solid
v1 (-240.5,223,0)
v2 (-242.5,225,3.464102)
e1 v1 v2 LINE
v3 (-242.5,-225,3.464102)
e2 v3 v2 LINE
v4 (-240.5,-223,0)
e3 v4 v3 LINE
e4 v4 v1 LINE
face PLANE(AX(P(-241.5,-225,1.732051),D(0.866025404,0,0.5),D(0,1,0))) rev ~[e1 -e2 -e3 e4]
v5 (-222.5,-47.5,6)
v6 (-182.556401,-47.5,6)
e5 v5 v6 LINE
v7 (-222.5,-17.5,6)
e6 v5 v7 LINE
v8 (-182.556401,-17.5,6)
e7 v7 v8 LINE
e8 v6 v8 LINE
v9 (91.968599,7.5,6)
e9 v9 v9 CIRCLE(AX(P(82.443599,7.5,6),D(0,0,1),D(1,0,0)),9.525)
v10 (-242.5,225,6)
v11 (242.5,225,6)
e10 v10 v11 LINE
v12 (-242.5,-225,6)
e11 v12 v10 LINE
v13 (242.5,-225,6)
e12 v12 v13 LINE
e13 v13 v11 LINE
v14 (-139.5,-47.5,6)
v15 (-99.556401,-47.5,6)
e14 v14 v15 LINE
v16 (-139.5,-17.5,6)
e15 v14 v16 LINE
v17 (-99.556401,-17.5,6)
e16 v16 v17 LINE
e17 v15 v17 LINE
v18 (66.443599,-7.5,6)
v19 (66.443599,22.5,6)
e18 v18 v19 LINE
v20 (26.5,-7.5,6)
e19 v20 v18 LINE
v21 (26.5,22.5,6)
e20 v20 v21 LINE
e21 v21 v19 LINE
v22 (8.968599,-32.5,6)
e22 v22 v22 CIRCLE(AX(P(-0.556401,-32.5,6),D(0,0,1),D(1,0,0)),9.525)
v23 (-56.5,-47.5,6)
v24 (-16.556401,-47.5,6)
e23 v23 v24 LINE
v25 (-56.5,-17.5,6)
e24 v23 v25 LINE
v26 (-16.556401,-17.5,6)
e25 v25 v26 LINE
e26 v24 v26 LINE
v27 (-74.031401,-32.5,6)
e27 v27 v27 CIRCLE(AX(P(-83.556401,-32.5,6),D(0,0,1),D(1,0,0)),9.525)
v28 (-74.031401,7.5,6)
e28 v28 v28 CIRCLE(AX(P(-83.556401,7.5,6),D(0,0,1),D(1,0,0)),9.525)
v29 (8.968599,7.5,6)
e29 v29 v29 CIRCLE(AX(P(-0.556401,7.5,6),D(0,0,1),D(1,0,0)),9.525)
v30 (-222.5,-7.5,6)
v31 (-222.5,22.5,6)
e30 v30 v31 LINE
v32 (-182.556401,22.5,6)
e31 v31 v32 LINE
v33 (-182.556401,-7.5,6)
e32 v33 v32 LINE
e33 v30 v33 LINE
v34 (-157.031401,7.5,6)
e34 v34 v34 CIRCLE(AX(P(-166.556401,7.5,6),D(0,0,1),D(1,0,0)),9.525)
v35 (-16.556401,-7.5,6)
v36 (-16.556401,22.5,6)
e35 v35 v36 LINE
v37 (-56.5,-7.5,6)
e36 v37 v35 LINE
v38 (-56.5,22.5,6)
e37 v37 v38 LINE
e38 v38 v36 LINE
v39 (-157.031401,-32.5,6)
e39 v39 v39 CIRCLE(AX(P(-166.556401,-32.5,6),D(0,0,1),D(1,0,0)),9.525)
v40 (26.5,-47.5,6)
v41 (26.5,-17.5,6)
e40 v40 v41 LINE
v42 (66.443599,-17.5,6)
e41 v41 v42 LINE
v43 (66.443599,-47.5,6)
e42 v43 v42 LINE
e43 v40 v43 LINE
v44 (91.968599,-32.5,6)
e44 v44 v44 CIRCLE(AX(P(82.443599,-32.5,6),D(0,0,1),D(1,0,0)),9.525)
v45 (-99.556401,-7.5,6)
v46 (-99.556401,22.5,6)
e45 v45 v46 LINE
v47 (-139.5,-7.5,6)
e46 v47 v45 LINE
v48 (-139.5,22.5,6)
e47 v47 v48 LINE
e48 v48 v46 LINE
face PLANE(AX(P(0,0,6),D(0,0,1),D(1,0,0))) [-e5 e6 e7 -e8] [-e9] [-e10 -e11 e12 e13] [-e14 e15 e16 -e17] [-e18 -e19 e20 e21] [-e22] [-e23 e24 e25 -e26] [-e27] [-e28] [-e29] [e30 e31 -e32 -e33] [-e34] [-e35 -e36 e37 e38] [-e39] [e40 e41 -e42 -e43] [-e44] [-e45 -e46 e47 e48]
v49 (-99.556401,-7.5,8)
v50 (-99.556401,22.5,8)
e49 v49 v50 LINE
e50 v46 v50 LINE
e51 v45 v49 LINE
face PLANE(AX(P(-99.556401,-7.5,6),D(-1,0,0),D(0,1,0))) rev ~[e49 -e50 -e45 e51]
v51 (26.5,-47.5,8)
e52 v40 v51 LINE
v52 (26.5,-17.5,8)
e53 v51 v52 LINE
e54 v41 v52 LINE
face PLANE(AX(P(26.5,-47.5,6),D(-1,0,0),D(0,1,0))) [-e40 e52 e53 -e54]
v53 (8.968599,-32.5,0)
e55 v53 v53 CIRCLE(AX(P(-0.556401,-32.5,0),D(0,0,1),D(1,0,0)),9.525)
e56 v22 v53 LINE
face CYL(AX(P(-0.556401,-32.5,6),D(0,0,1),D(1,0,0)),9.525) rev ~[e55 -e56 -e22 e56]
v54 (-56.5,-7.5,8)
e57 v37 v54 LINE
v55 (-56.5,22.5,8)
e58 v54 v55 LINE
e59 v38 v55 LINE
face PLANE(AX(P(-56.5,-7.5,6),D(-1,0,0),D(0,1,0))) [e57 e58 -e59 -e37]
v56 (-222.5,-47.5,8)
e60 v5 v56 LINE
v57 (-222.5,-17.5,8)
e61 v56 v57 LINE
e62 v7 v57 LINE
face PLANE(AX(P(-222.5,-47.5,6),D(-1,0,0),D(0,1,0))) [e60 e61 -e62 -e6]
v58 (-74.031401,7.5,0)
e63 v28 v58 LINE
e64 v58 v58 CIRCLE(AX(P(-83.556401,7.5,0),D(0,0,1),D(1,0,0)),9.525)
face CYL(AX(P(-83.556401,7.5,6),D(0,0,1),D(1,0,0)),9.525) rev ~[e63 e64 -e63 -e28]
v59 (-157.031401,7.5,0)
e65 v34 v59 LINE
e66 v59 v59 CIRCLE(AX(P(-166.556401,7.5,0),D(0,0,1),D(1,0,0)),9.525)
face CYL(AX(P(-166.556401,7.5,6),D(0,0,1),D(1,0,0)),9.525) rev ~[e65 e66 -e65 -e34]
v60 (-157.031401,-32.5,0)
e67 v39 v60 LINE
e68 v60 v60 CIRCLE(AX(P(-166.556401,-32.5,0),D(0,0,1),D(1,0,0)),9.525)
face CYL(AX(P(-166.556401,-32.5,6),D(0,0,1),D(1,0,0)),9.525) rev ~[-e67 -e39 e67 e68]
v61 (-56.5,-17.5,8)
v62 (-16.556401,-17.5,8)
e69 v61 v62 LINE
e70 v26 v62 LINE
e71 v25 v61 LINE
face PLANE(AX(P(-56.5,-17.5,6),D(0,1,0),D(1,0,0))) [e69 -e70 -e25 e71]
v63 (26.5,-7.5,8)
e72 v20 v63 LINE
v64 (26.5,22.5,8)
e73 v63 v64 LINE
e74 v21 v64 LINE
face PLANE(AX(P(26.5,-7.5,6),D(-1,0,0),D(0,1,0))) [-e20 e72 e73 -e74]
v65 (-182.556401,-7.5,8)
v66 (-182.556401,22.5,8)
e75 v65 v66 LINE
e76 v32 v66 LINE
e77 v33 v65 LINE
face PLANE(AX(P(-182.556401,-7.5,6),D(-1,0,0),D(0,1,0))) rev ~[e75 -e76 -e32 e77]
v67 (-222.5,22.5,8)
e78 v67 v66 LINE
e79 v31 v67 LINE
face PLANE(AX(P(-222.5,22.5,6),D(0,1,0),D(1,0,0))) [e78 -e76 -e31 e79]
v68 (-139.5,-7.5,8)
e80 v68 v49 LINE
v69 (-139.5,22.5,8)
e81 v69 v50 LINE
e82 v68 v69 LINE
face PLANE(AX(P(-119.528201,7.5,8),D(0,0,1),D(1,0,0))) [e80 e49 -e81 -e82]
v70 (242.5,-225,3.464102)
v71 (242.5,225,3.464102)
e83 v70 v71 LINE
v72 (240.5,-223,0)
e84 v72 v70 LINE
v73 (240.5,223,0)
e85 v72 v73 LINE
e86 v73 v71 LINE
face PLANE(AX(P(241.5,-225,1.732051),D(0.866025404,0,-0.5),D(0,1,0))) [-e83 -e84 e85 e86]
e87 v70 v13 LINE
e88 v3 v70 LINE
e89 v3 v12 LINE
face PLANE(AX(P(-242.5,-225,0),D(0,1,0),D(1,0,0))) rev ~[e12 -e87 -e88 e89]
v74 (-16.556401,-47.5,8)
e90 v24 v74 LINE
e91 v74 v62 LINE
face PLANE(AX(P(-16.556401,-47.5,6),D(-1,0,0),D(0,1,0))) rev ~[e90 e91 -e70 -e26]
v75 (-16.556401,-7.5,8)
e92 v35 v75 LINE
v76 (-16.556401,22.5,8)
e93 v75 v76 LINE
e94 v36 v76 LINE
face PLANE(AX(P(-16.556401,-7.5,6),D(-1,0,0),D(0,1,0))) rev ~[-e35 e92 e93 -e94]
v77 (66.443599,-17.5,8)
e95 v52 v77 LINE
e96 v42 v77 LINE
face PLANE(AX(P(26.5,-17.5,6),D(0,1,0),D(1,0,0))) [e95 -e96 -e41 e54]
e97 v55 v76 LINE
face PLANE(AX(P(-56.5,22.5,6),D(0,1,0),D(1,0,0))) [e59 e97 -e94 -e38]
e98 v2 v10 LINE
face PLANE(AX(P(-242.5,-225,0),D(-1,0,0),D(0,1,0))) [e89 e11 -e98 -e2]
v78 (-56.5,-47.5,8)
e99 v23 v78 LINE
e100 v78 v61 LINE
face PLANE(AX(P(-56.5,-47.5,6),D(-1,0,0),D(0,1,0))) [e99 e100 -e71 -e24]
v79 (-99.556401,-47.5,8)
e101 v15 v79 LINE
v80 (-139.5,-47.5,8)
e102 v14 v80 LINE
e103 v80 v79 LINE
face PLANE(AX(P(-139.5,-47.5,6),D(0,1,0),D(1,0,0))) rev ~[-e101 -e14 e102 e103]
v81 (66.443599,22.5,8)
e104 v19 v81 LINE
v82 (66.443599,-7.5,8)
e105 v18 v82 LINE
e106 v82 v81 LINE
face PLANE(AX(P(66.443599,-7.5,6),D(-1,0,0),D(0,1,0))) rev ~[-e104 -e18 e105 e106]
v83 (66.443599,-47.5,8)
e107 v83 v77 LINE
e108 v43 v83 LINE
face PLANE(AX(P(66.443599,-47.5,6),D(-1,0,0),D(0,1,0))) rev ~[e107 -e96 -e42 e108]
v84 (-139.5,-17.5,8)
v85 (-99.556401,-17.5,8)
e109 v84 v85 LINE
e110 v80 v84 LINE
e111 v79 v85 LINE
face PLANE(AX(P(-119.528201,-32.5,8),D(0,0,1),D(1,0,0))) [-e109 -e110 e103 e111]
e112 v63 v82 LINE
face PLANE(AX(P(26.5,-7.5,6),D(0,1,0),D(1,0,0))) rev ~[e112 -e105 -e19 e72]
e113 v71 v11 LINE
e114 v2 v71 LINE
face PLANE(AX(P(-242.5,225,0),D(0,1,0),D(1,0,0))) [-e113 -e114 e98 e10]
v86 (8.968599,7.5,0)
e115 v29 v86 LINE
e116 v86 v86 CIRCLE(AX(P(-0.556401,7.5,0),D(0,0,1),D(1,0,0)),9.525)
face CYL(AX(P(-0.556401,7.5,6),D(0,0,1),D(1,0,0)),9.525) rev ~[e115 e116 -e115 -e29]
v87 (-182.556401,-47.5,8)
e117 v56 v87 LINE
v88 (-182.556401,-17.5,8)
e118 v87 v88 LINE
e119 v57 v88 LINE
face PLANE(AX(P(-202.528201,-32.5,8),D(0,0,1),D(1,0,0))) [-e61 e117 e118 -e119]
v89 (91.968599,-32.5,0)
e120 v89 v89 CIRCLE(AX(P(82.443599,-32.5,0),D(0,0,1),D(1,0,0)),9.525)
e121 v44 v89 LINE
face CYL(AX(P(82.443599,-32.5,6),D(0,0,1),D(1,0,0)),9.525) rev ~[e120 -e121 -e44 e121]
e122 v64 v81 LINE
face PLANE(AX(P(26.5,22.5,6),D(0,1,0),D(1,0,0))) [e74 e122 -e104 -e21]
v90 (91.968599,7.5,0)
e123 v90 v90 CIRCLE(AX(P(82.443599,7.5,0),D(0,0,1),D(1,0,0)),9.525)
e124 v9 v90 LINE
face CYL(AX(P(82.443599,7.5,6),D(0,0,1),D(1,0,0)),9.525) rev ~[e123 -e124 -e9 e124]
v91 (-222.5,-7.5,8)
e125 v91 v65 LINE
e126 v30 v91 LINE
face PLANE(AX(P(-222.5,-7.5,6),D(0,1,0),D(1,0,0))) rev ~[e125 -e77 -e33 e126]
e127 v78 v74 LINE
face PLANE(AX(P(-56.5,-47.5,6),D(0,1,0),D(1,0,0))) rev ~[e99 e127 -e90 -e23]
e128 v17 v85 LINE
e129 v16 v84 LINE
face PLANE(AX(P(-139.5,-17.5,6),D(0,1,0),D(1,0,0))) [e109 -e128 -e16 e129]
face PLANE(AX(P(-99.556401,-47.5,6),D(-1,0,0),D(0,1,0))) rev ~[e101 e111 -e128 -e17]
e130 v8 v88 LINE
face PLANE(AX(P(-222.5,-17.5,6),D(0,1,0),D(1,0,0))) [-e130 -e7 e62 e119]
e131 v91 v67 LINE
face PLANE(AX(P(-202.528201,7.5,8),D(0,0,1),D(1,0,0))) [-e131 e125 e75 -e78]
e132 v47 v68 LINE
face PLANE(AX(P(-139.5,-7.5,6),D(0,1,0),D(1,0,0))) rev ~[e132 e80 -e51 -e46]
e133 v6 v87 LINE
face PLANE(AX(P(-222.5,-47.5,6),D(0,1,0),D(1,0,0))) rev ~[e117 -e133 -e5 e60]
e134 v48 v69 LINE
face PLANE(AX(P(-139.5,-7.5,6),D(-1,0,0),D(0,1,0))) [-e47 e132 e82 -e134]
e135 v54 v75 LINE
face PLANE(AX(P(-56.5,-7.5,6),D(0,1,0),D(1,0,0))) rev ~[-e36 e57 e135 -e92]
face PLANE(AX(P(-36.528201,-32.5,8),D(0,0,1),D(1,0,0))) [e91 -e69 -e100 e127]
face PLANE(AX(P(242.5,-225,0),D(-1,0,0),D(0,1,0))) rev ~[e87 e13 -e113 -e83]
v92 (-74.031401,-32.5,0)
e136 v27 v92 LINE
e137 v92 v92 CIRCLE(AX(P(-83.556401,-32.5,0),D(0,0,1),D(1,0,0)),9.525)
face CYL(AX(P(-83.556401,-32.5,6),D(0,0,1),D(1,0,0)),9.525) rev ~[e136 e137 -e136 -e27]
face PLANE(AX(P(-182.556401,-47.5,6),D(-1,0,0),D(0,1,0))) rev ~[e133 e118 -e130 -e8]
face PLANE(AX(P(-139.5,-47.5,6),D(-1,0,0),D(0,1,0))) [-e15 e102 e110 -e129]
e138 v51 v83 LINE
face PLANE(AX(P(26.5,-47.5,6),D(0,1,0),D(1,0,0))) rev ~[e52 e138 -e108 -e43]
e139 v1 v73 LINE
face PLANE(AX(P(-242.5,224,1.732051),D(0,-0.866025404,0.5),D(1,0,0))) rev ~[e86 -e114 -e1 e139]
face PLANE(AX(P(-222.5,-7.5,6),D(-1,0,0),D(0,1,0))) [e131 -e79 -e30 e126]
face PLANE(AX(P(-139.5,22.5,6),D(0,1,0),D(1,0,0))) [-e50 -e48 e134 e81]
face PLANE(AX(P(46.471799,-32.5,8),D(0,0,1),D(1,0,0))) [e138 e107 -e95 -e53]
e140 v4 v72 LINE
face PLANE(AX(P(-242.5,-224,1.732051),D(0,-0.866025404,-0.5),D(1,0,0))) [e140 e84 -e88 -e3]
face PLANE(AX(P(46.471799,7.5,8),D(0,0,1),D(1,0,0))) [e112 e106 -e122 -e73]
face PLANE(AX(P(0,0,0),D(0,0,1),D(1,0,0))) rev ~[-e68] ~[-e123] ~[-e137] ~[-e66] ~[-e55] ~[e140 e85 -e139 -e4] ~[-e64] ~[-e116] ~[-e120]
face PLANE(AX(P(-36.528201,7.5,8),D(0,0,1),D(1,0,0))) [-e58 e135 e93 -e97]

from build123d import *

# Parameters (mm, degrees)
ESBO_O1_W                 = 485
ESBO_O1_H                 = 450
RESSALTO_EXTRUS_O1_DEPTH  = 6
ESBO_O2_W                 = 39.943598922
ESBO_O2_H                 = 30
RESSALTO_EXTRUS_O2_DEPTH  = 2
PADR_O_LINEAR1_COUNT      = 4
PADR_O_LINEAR1_PITCH      = 83
PADR_O_LINEAR1_COUNT_DIR2 = 2
PADR_O_LINEAR1_PITCH_DIR2 = 40
ESBO_O3_R                 = 9.525
CORTE_EXTRUS_O1_DEPTH     = 331.858353378
PADR_O_LINEAR2_COUNT      = 4
PADR_O_LINEAR2_PITCH      = 83
PADR_O_LINEAR2_COUNT_DIR2 = 2
PADR_O_LINEAR2_PITCH_DIR2 = 40
CHANFRO1_SIZE             = 2
CHANFRO1_SIZE2            = 3.464101615


with BuildPart() as part:
    # Esboço1 → Ressalto-extrusão1 (new body)
    with BuildSketch(Plane.XY):
        Rectangle(ESBO_O1_W, ESBO_O1_H)
    extrude(amount=RESSALTO_EXTRUS_O1_DEPTH)

    # Esboço2 → Ressalto-extrusão2 (add)
    with BuildSketch(Plane.XY.offset(6)):
        with Locations((-202.528200539, 7.5)):
            Rectangle(ESBO_O2_W, ESBO_O2_H)
    ressalto_extrus_o2 = extrude(amount=RESSALTO_EXTRUS_O2_DEPTH)

    # Padrão linear1: Ressalto-extrus_o2 4 × 2
    with Locations(*[(i * PADR_O_LINEAR1_PITCH, -j * PADR_O_LINEAR1_PITCH_DIR2, 0) for i in range(PADR_O_LINEAR1_COUNT) for j in range(PADR_O_LINEAR1_COUNT_DIR2) if (i, j) != (0, 0)]):
        add(ressalto_extrus_o2)

    # Esboço3 → Corte-extrusão1 (cut, through all)
    with BuildSketch(Plane.XY.offset(6)):
        with Locations((-166.556401078, 7.5)):
            Circle(ESBO_O3_R)
    corte_extrus_o1 = extrude(amount=-CORTE_EXTRUS_O1_DEPTH, mode=Mode.SUBTRACT)

    # Padrão linear2: Corte-extrus_o1 4 × 2
    with Locations(*[(i * PADR_O_LINEAR2_PITCH, -j * PADR_O_LINEAR2_PITCH_DIR2, 0) for i in range(PADR_O_LINEAR2_COUNT) for j in range(PADR_O_LINEAR2_COUNT_DIR2) if (i, j) != (0, 0)]):
        add(corte_extrus_o1, mode=Mode.SUBTRACT)

    # Chanfro1
    chanfro1_edges = [part.edges().sort_by_distance(p)[0] for p in [
        (0, 225, 0),
        (242.5, 0, 0),
        (0, -225, 0),
        (-242.5, 0, 0),
    ]]
    chanfro1_side = [part.faces().sort_by_distance(p)[0] for p in [
        (0, -218.383921101, 0),
    ]]
    chamfer(chanfro1_edges, length=CHANFRO1_SIZE, length2=CHANFRO1_SIZE2, reference=chanfro1_side[0])


solid = part.part
